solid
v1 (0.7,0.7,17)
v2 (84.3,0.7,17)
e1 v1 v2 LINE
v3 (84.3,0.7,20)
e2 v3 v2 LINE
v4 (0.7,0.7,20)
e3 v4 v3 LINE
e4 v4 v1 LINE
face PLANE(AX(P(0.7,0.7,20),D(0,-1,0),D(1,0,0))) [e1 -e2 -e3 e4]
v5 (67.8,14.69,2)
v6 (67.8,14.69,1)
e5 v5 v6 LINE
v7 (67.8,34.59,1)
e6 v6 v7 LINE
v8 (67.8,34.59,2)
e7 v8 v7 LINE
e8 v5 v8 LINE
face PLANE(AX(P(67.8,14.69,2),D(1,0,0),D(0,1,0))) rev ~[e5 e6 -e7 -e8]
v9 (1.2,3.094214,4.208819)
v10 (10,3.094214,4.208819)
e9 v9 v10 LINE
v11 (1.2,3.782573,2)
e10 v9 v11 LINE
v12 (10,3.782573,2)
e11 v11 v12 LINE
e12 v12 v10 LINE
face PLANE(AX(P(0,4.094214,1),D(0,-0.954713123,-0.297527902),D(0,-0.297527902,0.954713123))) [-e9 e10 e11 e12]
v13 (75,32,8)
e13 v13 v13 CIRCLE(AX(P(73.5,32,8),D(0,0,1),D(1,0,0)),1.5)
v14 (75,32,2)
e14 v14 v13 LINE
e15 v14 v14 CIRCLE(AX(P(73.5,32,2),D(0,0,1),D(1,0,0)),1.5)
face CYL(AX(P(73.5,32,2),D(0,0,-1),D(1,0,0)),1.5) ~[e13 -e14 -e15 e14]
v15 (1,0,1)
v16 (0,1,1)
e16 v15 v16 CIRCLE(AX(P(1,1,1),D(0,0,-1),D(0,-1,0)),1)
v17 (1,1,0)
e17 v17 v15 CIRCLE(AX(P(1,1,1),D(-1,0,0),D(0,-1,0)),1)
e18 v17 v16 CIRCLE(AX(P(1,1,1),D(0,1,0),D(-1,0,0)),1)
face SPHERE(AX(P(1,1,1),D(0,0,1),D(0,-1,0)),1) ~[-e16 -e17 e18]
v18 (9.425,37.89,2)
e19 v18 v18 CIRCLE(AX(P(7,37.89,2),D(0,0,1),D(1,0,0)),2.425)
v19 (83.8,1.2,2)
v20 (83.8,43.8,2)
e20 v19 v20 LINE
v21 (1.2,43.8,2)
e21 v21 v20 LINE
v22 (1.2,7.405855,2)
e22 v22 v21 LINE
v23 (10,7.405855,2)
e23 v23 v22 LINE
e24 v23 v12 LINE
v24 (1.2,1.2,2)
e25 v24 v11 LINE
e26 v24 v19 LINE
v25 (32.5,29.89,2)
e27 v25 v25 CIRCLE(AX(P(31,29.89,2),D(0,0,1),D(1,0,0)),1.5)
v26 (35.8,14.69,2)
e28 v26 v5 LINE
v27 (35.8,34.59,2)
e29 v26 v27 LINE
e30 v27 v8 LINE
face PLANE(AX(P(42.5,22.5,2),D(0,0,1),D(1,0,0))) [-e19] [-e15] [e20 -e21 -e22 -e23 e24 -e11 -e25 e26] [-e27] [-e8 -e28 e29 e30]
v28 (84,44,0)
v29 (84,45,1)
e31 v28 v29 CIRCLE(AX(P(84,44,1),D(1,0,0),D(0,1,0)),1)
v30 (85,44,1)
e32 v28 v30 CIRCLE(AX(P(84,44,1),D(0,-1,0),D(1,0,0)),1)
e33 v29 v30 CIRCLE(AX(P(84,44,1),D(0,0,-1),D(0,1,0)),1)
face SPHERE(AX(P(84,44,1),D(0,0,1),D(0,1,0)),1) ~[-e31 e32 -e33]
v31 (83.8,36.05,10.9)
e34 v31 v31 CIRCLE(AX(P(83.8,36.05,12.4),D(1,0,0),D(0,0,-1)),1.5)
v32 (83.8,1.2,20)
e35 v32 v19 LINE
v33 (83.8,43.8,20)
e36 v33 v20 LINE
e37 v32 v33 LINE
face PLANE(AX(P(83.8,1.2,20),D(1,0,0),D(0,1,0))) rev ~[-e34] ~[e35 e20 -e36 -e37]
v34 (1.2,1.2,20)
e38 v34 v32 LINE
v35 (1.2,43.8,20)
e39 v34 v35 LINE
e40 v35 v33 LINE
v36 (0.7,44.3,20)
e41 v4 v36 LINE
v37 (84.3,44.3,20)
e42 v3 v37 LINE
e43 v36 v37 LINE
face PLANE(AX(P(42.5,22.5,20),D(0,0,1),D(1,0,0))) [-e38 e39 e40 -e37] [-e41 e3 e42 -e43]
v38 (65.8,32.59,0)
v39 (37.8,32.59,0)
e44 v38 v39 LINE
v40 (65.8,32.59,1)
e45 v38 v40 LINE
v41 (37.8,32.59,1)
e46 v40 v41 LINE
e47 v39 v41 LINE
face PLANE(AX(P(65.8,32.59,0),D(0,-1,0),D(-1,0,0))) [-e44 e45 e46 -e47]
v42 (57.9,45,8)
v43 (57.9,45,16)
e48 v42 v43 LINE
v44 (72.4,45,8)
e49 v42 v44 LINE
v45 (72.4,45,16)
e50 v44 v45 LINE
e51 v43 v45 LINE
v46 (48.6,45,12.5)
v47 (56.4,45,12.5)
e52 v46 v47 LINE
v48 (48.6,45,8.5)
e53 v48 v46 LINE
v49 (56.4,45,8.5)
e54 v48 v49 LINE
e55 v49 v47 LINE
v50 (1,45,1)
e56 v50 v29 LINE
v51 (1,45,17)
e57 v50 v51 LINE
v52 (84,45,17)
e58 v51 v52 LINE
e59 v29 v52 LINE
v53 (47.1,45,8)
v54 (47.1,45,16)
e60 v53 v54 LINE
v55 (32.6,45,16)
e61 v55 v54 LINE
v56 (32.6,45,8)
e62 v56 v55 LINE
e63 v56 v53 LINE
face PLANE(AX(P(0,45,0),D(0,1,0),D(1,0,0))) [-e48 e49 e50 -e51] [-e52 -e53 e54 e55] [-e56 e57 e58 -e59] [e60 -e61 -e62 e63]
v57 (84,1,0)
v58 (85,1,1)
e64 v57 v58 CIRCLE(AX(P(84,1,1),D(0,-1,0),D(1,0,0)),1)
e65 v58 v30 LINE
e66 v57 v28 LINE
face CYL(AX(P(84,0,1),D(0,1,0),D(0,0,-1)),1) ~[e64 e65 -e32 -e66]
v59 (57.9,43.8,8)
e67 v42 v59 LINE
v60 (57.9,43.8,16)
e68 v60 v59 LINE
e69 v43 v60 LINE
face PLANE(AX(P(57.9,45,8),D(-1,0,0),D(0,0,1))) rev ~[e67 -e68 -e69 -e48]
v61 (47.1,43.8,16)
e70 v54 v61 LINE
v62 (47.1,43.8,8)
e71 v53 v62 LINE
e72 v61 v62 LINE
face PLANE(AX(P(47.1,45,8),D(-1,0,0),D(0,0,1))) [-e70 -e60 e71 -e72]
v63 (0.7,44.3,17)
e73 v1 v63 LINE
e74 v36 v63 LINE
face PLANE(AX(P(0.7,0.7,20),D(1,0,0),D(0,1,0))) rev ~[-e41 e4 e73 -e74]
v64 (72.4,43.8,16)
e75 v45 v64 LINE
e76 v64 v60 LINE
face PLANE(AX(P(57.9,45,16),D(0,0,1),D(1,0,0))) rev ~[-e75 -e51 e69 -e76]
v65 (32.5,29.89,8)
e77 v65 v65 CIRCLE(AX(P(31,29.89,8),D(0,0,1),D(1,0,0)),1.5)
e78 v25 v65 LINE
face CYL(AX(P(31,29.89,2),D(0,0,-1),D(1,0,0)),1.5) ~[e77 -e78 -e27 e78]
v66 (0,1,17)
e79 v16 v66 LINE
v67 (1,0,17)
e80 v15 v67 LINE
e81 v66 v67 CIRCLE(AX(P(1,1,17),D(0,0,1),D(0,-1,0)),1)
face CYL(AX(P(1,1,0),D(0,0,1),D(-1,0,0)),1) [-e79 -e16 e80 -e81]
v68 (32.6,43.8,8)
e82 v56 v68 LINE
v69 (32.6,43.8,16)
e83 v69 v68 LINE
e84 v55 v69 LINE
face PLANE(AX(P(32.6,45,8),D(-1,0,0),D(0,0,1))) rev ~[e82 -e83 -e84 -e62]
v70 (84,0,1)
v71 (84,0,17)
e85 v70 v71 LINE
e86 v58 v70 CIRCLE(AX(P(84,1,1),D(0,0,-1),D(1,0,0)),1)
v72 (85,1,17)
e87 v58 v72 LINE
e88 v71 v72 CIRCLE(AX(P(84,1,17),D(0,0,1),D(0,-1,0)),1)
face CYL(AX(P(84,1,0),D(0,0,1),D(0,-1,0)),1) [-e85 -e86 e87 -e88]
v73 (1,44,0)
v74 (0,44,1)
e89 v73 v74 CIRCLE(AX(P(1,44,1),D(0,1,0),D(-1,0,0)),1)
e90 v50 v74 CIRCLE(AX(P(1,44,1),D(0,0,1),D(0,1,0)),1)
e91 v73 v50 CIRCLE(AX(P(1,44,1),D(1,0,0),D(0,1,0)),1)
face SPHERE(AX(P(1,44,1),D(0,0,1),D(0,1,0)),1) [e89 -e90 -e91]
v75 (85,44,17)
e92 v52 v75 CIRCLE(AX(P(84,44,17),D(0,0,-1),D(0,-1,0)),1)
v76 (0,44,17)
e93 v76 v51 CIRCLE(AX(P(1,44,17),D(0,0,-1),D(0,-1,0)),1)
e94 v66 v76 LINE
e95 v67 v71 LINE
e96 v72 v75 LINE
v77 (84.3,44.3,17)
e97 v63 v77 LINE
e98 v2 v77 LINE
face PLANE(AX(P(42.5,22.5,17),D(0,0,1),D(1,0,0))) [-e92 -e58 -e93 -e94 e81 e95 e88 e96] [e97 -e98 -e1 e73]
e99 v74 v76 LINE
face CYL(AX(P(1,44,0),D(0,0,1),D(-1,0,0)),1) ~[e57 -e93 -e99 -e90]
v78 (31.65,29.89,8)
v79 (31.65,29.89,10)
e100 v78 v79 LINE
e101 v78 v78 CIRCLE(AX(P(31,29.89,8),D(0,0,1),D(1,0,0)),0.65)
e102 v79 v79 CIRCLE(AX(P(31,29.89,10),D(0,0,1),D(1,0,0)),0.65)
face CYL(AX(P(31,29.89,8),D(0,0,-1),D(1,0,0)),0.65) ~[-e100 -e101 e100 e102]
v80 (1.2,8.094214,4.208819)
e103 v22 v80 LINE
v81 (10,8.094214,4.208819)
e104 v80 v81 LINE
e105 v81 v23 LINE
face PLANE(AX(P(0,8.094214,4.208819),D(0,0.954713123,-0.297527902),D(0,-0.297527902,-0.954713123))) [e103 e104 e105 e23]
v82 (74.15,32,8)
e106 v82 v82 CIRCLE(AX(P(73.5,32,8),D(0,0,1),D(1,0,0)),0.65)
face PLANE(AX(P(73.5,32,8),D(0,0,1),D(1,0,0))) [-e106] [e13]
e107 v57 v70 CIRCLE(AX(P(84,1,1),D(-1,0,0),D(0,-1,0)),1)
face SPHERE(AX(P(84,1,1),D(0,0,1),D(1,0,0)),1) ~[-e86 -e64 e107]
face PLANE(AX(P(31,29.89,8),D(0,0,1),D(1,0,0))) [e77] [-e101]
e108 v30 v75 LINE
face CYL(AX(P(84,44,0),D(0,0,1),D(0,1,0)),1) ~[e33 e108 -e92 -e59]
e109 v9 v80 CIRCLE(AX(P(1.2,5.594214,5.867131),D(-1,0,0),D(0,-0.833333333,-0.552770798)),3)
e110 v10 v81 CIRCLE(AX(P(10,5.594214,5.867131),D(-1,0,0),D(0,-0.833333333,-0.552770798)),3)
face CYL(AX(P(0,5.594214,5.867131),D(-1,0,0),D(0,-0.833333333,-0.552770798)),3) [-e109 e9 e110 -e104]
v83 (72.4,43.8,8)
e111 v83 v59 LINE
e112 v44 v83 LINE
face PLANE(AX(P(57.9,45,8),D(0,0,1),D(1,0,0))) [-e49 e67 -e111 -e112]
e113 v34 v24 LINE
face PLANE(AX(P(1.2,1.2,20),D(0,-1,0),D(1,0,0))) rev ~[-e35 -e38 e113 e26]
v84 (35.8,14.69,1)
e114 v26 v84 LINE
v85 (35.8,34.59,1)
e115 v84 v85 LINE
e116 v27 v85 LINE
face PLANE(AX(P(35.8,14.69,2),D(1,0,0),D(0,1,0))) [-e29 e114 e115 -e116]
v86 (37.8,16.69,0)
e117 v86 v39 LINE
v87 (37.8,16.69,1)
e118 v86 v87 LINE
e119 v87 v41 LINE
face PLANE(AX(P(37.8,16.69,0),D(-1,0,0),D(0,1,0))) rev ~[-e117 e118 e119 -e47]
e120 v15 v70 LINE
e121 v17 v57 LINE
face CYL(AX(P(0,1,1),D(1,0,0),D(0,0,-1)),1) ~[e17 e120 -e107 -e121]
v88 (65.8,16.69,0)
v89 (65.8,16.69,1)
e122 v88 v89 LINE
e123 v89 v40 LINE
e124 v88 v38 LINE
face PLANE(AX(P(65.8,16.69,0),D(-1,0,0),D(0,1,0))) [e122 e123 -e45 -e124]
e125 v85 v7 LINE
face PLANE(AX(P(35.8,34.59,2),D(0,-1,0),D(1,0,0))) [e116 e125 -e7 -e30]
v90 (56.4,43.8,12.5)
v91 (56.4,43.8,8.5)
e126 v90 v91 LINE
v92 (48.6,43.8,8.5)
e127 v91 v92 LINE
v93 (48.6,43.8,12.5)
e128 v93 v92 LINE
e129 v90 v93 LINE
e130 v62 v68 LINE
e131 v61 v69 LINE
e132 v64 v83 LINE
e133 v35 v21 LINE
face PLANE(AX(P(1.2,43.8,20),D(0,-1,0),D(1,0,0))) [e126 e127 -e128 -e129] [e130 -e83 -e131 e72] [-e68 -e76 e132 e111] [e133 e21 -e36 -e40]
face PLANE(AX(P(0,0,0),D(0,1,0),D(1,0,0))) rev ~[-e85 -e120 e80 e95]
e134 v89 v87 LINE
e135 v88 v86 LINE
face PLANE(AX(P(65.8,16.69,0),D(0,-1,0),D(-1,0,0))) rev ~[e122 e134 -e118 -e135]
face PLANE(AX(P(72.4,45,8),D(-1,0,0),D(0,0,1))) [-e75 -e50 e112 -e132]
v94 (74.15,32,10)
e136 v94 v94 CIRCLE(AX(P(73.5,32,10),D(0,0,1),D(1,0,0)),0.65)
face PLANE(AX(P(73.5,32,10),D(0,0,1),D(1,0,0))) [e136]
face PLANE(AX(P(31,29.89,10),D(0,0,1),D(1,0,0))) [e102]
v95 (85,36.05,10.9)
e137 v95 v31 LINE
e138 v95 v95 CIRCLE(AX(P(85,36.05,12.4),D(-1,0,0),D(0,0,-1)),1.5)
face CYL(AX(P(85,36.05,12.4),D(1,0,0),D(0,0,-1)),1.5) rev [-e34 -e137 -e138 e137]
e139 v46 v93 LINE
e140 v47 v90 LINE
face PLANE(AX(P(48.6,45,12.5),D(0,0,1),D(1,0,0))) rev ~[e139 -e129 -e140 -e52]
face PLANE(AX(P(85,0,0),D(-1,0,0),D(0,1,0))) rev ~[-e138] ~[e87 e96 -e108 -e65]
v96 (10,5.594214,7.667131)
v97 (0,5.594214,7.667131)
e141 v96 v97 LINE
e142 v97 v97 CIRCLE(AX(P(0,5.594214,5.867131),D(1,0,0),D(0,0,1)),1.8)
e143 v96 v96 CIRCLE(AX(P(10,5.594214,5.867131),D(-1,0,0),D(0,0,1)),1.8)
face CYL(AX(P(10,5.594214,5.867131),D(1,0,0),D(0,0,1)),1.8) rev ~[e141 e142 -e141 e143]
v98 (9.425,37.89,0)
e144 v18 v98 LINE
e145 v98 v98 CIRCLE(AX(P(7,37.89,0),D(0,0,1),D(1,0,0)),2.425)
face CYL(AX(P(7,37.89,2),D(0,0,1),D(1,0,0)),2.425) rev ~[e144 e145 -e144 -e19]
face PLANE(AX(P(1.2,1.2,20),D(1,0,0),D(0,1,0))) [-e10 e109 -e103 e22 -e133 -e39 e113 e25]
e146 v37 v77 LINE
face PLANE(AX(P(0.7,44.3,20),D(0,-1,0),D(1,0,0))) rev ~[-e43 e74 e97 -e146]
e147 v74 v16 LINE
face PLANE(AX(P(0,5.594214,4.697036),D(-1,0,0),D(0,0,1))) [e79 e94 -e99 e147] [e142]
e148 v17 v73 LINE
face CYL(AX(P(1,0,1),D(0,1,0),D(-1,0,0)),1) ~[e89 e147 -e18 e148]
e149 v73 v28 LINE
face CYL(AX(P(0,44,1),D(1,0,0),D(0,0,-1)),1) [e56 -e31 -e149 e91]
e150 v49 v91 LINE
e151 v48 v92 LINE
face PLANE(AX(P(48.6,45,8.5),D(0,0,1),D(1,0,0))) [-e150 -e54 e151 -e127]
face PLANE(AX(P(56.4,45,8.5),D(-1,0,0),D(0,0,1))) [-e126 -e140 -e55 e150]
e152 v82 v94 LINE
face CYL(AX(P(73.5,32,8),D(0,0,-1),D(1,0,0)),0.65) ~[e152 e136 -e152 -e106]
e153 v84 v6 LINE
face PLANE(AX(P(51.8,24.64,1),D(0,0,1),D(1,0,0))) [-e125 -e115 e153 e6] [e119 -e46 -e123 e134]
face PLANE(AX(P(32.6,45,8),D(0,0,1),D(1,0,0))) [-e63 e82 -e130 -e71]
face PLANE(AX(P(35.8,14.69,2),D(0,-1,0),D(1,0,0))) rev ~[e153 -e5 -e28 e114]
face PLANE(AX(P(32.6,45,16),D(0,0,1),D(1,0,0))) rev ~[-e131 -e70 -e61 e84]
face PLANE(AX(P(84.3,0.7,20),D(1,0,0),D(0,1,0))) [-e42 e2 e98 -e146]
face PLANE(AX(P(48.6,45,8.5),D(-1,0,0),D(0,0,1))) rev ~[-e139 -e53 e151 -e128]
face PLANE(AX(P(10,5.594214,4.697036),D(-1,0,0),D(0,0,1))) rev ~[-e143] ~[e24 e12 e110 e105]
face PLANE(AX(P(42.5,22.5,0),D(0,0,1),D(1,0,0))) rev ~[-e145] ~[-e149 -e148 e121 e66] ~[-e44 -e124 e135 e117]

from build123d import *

# Parameters (mm, degrees)
SKETCH_1_W          = 85
SKETCH_1_H          = 45
EXTRUDE_1_DEPTH     = 20
SKETCH_2_W          = 82.6
SKETCH_2_H          = 42.6
CUT_EXTRUDE_1_DEPTH = 18
SKETCH_3_R          = 52.564832307
SKETCH_3_W          = 83.6
SKETCH_3_H          = 43.6
CUT_EXTRUDE_2_DEPTH = 3
SKETCH_4_R          = 1.5
CUT_EXTRUDE_3_DEPTH = 10
SKETCH_6_R          = 1.5
EXTRUDE_2_DEPTH     = 6
SKETCH_7_R          = 0.65
EXTRUDE_3_DEPTH     = 2
SKETCH_5_W          = 28
SKETCH_5_H          = 15.9
CUT_EXTRUDE_4_DEPTH = 99.234413522
SKETCH_9_W          = 32
SKETCH_9_H          = 19.9
CUT_EXTRUDE_5_DEPTH = 1
SKETCH_10_W         = 14.5
SKETCH_10_H         = 8
SKETCH_10_W_2       = 7.8
SKETCH_10_H_2       = 4
CUT_EXTRUDE_6_DEPTH = 10
FILLET_1_R          = 1
SKETCH_11_R         = 1.8
EXTRUDE_4_DEPTH     = 10
SKETCH_12_R         = 1.8
CUT_EXTRUDE_7_DEPTH = 90.721792225
SKETCH_13_R         = 2.425
CUT_EXTRUDE_8_DEPTH = 98.846819059


with BuildPart() as part:
    # Эскиз1 → Бобышка-Вытянуть1 (new body)
    with BuildSketch(Plane.XY):
        with Locations((42.5, 22.5)):
            Rectangle(SKETCH_1_W, SKETCH_1_H)
    extrude(amount=EXTRUDE_1_DEPTH)

    # Эскиз2 → Вырез-Вытянуть1 (cut)
    with BuildSketch(Plane.XY.offset(20)):
        with Locations((42.5, 22.5)):
            Rectangle(SKETCH_2_W, SKETCH_2_H)
    extrude(amount=-CUT_EXTRUDE_1_DEPTH, mode=Mode.SUBTRACT)

    # Эскиз3 → Вырез-Вытянуть2 (cut)
    with BuildSketch(Plane.XY.offset(20)):
        with Locations((42.5, 22.5)):
            Circle(SKETCH_3_R)
        with Locations((42.5, 22.5)):
            Rectangle(SKETCH_3_W, SKETCH_3_H, mode=Mode.SUBTRACT)
    extrude(amount=-CUT_EXTRUDE_2_DEPTH, mode=Mode.SUBTRACT)

    # Эскиз4 → Вырез-Вытянуть3 (cut)
    with BuildSketch(Plane.ZY.offset(-85)):
        with Locations(Location((12.4, 36.05, 0), (0, 0, 180))):
            Circle(SKETCH_4_R)
    extrude(amount=CUT_EXTRUDE_3_DEPTH, mode=Mode.SUBTRACT)

    # Эскиз6 → Бобышка-Вытянуть2 (add)
    with BuildSketch(Plane.XY.offset(2)):
        with Locations((31, 29.89)):
            Circle(SKETCH_6_R)
        with Locations((73.5, 32)):
            Circle(SKETCH_6_R)
    extrude(amount=EXTRUDE_2_DEPTH)

    # Эскиз7 → Бобышка-Вытянуть3 (add)
    with BuildSketch(Plane.XY.offset(8)):
        with Locations((31, 29.89)):
            Circle(SKETCH_7_R)
        with Locations((73.5, 32)):
            Circle(SKETCH_7_R)
    extrude(amount=EXTRUDE_3_DEPTH)

    # Эскиз5 → Вырез-Вытянуть4 (cut, through all)
    with BuildSketch(Plane(origin=(0, 0, 0), x_dir=(-1, 0, 0), z_dir=(0, 0, -1))):
        with Locations((-51.8, 24.64)):
            Rectangle(SKETCH_5_W, SKETCH_5_H)
    extrude(amount=-CUT_EXTRUDE_4_DEPTH, mode=Mode.SUBTRACT)

    # Эскиз9 → Вырез-Вытянуть5 (cut)
    with BuildSketch(Plane.XY.offset(2)):
        with Locations((51.8, 24.64)):
            Rectangle(SKETCH_9_W, SKETCH_9_H)
    extrude(amount=-CUT_EXTRUDE_5_DEPTH, mode=Mode.SUBTRACT)

    # Эскиз10 → Вырез-Вытянуть6 (cut)
    with BuildSketch(Plane.XZ.offset(-45)):
        with Locations((39.85, 12)):
            Rectangle(SKETCH_10_W, SKETCH_10_H)
        with Locations((65.15, 12)):
            Rectangle(SKETCH_10_W, SKETCH_10_H)
        with Locations((52.5, 10.5)):
            Rectangle(SKETCH_10_W_2, SKETCH_10_H_2)
    extrude(amount=CUT_EXTRUDE_6_DEPTH, mode=Mode.SUBTRACT)

    # Скругление1
    fillet_1_edges = [part.edges().sort_by_distance(p)[0] for p in [
        (0, 45, 8.5),
        (85, 45, 8.5),
        (85, 0, 8.5),
        (0, 0, 8.5),
        (42.5, 45, 0),
        (85, 22.5, 0),
        (42.5, 0, 0),
        (0, 22.5, 0),
    ]]
    fillet(fillet_1_edges, radius=FILLET_1_R)

    # Эскиз11 → Бобышка-Вытянуть4 (add)
    with BuildSketch(Plane.ZY):
        with BuildLine():
            Line((1, 7.094213846), (1, 4.094213846))
            Line((1, 4.094213846), (4.208818791, 3.094213846))
            ThreePointArc((4.208818791, 3.094213846), (8.867131186, 5.594213846), (4.208818791, 8.094213846))
            Line((4.208818791, 8.094213846), (1, 7.094213846))
        make_face()
        with Locations((5.867131186, 5.594213846)):
            Circle(SKETCH_11_R, mode=Mode.SUBTRACT)
    extrude(amount=-EXTRUDE_4_DEPTH)

    # Эскиз12 → Вырез-Вытянуть7 (cut, through all)
    with BuildSketch(Plane(origin=(10, 0, 0), x_dir=(0, 0, -1), z_dir=(1, 0, 0))):
        with Locations(Location((-5.867131186, 5.594213846, 0), (0, 0, 180))):
            Circle(SKETCH_12_R)
    extrude(amount=-CUT_EXTRUDE_7_DEPTH, mode=Mode.SUBTRACT)

    # Эскиз13 → Вырез-Вытянуть8 (cut, through all)
    with BuildSketch(Plane.XY.offset(2)):
        with Locations((7, 37.89)):
            Circle(SKETCH_13_R)
    extrude(amount=-CUT_EXTRUDE_8_DEPTH, mode=Mode.SUBTRACT)


solid = part.part
